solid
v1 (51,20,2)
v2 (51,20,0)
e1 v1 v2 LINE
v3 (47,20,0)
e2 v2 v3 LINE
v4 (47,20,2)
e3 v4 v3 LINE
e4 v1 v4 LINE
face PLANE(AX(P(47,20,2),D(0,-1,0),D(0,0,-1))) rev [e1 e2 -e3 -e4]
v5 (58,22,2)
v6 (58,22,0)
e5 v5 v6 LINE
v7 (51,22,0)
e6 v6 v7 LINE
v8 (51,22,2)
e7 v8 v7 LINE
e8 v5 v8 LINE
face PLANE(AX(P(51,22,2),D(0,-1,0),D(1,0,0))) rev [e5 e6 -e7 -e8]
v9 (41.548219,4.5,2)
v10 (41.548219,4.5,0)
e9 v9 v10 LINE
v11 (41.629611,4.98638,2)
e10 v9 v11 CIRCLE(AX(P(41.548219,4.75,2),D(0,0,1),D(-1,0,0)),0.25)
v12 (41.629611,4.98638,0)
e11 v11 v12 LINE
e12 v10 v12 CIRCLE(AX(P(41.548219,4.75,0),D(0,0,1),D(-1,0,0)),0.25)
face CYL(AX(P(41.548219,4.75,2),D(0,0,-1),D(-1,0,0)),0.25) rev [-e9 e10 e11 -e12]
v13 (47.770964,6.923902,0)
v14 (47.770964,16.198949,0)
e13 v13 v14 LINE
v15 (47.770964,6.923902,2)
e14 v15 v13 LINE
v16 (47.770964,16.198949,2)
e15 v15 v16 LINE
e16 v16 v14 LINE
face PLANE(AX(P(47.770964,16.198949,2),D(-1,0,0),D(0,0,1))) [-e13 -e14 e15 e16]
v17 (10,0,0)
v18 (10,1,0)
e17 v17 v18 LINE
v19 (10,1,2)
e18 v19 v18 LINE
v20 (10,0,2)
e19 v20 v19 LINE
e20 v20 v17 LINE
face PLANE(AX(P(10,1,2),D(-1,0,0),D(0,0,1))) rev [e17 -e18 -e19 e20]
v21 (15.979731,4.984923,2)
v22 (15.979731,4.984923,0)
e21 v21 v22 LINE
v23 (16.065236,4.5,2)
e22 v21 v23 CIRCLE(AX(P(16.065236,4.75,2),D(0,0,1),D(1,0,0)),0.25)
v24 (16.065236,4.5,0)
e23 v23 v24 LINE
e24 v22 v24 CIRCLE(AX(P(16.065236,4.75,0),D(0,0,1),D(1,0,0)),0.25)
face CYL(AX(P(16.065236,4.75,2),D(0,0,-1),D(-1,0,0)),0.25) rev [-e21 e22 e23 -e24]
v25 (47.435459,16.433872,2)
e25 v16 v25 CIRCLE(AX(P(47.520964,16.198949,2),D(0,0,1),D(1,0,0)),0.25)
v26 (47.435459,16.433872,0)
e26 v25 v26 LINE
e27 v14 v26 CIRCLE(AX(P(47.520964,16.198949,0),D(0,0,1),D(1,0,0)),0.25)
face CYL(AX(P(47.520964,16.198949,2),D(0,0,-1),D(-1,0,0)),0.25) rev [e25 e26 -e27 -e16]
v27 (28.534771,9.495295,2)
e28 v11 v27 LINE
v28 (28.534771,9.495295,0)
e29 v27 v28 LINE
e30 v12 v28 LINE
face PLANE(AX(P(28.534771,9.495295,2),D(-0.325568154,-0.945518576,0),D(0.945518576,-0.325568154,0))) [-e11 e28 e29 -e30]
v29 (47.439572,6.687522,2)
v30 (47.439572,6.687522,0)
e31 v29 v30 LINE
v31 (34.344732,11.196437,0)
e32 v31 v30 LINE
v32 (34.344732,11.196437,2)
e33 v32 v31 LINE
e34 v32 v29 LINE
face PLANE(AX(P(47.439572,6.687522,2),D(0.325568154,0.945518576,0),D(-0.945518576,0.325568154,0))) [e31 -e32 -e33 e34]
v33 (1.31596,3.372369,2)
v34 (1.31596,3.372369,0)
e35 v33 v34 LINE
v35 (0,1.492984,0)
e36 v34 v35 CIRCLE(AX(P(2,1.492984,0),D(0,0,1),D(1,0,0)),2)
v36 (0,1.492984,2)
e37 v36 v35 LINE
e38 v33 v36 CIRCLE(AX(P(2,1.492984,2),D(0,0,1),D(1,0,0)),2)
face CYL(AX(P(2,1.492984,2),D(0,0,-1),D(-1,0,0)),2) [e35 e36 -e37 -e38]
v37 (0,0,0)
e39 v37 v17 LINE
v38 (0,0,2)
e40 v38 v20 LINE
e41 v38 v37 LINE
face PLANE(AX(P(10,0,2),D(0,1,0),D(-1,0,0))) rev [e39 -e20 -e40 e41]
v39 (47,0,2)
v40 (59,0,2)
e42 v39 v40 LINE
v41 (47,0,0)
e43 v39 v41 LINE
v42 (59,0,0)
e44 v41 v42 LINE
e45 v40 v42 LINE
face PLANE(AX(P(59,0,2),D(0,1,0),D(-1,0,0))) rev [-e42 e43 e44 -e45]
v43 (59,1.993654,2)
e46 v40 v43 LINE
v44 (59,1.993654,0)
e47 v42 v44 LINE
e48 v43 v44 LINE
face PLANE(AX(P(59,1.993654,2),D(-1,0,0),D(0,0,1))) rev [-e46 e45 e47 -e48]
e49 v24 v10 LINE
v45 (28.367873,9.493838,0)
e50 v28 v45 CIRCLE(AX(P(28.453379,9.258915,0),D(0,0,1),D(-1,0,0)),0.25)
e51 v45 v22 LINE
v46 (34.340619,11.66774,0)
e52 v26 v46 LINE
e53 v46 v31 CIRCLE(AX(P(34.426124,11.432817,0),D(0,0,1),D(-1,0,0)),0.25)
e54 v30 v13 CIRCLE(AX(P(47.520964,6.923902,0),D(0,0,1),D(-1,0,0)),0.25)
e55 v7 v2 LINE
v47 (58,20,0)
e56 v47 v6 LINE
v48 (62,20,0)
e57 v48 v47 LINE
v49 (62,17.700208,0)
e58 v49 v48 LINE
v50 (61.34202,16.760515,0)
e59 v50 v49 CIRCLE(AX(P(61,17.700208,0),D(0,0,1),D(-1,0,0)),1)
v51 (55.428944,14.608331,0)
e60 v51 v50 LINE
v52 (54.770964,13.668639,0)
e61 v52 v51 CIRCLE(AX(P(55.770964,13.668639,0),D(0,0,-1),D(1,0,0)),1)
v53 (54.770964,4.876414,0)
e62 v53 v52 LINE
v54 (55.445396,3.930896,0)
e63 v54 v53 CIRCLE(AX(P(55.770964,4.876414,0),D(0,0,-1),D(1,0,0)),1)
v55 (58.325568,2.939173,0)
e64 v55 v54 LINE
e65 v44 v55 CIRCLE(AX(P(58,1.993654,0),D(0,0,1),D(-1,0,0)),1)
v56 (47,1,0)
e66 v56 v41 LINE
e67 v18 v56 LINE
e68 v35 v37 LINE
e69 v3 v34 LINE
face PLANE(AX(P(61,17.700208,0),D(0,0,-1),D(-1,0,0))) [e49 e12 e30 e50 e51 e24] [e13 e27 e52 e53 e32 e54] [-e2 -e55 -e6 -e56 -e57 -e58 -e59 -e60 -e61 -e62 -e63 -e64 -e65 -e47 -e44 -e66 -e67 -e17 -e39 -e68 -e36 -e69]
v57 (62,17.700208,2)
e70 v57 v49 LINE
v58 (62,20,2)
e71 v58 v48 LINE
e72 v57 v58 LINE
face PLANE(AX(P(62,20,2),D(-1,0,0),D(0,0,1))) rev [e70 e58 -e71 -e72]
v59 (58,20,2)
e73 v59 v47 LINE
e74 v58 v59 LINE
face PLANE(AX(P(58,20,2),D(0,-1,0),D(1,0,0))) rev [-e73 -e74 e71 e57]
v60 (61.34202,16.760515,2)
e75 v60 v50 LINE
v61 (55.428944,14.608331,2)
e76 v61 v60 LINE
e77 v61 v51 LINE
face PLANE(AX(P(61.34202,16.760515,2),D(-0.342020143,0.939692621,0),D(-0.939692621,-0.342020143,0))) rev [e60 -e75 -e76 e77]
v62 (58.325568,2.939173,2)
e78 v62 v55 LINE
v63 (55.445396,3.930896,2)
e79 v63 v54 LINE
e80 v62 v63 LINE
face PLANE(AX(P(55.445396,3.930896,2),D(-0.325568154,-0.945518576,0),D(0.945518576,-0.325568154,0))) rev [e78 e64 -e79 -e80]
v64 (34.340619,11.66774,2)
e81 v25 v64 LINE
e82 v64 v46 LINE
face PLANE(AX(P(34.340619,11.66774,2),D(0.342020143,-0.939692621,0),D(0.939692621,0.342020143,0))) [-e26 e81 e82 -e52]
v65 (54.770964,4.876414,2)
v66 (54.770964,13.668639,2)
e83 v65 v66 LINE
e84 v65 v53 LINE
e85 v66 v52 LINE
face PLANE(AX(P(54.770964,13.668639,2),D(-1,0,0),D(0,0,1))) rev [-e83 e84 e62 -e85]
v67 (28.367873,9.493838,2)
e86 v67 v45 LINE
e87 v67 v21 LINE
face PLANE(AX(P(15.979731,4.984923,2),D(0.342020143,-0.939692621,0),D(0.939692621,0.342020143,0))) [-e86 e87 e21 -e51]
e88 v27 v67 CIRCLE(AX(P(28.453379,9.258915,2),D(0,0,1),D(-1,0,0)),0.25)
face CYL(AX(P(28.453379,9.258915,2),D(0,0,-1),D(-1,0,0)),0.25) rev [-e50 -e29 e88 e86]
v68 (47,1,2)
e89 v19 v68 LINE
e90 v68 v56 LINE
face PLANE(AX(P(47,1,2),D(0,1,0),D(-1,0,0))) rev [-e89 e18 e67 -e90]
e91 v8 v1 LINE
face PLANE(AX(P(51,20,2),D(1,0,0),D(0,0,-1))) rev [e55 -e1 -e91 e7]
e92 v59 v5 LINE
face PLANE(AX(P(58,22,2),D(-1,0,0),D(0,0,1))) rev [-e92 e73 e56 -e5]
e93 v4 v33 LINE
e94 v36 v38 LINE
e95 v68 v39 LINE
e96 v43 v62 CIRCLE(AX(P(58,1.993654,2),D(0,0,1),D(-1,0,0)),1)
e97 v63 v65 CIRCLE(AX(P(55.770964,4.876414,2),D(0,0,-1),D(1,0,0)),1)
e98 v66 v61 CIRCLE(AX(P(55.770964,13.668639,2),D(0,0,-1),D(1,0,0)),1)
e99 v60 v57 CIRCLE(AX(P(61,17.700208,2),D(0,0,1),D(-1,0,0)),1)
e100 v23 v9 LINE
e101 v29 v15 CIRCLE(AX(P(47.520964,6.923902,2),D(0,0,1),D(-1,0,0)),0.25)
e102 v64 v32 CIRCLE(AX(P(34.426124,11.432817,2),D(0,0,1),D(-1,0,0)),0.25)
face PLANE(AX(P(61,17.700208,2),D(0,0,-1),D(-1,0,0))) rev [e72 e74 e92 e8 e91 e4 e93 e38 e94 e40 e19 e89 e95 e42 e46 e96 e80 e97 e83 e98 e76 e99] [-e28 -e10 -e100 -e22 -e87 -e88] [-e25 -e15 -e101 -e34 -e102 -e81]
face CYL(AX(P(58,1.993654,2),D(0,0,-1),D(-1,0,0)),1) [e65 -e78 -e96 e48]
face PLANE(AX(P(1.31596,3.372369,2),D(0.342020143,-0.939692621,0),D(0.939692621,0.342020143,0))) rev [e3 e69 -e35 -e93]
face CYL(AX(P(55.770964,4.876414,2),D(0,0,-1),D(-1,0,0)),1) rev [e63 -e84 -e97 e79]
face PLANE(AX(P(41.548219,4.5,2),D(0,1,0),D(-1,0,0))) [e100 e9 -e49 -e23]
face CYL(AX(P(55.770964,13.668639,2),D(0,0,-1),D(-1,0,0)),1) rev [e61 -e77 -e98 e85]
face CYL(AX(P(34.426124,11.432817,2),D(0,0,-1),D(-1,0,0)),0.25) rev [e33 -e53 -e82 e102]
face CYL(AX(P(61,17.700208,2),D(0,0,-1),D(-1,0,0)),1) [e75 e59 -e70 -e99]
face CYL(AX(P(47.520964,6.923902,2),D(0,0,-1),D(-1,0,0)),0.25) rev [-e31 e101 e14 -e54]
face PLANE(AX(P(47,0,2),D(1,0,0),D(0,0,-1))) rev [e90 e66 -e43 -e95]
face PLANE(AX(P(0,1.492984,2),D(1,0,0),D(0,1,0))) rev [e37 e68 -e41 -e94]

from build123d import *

# Parameters (mm, degrees)
BOSS_EXTRUDE1_DEPTH = 2


with BuildPart() as part:
    # Sketch1 → Boss-Extrude1 (new body)
    with BuildSketch(Plane.XY):
        with BuildLine():
            Line((1.315959713, 3.372369155), (47, 20))
            Line((47, 20), (51, 20))
            Line((51, 20), (51, 22))
            Line((51, 22), (58, 22))
            Line((58, 22), (58, 20))
            Line((58, 20), (62, 20))
            Line((62, 20), (62, 17.700207538))
            ThreePointArc((62, 17.700207538), (61.819152044, 17.126631102), (61.342020143, 16.760514917))
            Line((61.342020143, 16.760514917), (55.428944301, 14.608331318))
            ThreePointArc((55.428944301, 14.608331318), (54.9518124, 14.242215134), (54.770964445, 13.668638697))
            Line((54.770964445, 13.668638697), (54.770964445, 4.876414251))
            ThreePointArc((54.770964445, 4.876414251), (54.956848926, 4.295711295), (55.44539629, 3.930895675))
            Line((55.44539629, 3.930895675), (58.325568154, 2.939172971))
            ThreePointArc((58.325568154, 2.939172971), (58.814115518, 2.574357351), (59, 1.993654396))
            Line((59, 1.993654396), (59, 0))
            Line((59, 0), (47, 0))
            Line((47, 0), (47, 1))
            Line((47, 1), (10, 1))
            Line((10, 1), (10, 0))
            Line((10, 0), (0, 0))
            Line((0, 0), (0, 1.492983913))
            ThreePointArc((0, 1.492983913), (0.361695911, 2.640136786), (1.315959713, 3.372369155))
        make_face()
        with BuildLine():
            Line((15.979730818, 4.984923155), (28.367873469, 9.493838338))
            ThreePointArc((28.367873469, 9.493838338), (28.451196871, 9.508905664), (28.534770543, 9.495294827))
            Line((28.534770543, 9.495294827), (41.629611064, 4.986379644))
            ThreePointArc((41.629611064, 4.986379644), (41.794790425, 4.708738099), (41.548219025, 4.5))
            Line((41.548219025, 4.5), (16.065235854, 4.5))
            ThreePointArc((16.065235854, 4.5), (15.819033916, 4.706587956), (15.979730818, 4.984923155))
        make_face(mode=Mode.SUBTRACT)
        with BuildLine():
            Line((47.770964445, 16.198948904), (47.770964445, 6.92390155))
            ThreePointArc((47.770964445, 6.92390155), (47.666140184, 6.72037267), (47.439572406, 6.687521906))
            Line((47.439572406, 6.687521906), (34.344731886, 11.196437088))
            ThreePointArc((34.344731886, 11.196437088), (34.176133444, 11.430635098), (34.340618889, 11.667739888))
            Line((34.340618889, 11.667739888), (47.435459409, 16.433872059))
            ThreePointArc((47.435459409, 16.433872059), (47.664358554, 16.403736915), (47.770964445, 16.198948904))
        make_face(mode=Mode.SUBTRACT)
    extrude(amount=BOSS_EXTRUDE1_DEPTH)


solid = part.part
